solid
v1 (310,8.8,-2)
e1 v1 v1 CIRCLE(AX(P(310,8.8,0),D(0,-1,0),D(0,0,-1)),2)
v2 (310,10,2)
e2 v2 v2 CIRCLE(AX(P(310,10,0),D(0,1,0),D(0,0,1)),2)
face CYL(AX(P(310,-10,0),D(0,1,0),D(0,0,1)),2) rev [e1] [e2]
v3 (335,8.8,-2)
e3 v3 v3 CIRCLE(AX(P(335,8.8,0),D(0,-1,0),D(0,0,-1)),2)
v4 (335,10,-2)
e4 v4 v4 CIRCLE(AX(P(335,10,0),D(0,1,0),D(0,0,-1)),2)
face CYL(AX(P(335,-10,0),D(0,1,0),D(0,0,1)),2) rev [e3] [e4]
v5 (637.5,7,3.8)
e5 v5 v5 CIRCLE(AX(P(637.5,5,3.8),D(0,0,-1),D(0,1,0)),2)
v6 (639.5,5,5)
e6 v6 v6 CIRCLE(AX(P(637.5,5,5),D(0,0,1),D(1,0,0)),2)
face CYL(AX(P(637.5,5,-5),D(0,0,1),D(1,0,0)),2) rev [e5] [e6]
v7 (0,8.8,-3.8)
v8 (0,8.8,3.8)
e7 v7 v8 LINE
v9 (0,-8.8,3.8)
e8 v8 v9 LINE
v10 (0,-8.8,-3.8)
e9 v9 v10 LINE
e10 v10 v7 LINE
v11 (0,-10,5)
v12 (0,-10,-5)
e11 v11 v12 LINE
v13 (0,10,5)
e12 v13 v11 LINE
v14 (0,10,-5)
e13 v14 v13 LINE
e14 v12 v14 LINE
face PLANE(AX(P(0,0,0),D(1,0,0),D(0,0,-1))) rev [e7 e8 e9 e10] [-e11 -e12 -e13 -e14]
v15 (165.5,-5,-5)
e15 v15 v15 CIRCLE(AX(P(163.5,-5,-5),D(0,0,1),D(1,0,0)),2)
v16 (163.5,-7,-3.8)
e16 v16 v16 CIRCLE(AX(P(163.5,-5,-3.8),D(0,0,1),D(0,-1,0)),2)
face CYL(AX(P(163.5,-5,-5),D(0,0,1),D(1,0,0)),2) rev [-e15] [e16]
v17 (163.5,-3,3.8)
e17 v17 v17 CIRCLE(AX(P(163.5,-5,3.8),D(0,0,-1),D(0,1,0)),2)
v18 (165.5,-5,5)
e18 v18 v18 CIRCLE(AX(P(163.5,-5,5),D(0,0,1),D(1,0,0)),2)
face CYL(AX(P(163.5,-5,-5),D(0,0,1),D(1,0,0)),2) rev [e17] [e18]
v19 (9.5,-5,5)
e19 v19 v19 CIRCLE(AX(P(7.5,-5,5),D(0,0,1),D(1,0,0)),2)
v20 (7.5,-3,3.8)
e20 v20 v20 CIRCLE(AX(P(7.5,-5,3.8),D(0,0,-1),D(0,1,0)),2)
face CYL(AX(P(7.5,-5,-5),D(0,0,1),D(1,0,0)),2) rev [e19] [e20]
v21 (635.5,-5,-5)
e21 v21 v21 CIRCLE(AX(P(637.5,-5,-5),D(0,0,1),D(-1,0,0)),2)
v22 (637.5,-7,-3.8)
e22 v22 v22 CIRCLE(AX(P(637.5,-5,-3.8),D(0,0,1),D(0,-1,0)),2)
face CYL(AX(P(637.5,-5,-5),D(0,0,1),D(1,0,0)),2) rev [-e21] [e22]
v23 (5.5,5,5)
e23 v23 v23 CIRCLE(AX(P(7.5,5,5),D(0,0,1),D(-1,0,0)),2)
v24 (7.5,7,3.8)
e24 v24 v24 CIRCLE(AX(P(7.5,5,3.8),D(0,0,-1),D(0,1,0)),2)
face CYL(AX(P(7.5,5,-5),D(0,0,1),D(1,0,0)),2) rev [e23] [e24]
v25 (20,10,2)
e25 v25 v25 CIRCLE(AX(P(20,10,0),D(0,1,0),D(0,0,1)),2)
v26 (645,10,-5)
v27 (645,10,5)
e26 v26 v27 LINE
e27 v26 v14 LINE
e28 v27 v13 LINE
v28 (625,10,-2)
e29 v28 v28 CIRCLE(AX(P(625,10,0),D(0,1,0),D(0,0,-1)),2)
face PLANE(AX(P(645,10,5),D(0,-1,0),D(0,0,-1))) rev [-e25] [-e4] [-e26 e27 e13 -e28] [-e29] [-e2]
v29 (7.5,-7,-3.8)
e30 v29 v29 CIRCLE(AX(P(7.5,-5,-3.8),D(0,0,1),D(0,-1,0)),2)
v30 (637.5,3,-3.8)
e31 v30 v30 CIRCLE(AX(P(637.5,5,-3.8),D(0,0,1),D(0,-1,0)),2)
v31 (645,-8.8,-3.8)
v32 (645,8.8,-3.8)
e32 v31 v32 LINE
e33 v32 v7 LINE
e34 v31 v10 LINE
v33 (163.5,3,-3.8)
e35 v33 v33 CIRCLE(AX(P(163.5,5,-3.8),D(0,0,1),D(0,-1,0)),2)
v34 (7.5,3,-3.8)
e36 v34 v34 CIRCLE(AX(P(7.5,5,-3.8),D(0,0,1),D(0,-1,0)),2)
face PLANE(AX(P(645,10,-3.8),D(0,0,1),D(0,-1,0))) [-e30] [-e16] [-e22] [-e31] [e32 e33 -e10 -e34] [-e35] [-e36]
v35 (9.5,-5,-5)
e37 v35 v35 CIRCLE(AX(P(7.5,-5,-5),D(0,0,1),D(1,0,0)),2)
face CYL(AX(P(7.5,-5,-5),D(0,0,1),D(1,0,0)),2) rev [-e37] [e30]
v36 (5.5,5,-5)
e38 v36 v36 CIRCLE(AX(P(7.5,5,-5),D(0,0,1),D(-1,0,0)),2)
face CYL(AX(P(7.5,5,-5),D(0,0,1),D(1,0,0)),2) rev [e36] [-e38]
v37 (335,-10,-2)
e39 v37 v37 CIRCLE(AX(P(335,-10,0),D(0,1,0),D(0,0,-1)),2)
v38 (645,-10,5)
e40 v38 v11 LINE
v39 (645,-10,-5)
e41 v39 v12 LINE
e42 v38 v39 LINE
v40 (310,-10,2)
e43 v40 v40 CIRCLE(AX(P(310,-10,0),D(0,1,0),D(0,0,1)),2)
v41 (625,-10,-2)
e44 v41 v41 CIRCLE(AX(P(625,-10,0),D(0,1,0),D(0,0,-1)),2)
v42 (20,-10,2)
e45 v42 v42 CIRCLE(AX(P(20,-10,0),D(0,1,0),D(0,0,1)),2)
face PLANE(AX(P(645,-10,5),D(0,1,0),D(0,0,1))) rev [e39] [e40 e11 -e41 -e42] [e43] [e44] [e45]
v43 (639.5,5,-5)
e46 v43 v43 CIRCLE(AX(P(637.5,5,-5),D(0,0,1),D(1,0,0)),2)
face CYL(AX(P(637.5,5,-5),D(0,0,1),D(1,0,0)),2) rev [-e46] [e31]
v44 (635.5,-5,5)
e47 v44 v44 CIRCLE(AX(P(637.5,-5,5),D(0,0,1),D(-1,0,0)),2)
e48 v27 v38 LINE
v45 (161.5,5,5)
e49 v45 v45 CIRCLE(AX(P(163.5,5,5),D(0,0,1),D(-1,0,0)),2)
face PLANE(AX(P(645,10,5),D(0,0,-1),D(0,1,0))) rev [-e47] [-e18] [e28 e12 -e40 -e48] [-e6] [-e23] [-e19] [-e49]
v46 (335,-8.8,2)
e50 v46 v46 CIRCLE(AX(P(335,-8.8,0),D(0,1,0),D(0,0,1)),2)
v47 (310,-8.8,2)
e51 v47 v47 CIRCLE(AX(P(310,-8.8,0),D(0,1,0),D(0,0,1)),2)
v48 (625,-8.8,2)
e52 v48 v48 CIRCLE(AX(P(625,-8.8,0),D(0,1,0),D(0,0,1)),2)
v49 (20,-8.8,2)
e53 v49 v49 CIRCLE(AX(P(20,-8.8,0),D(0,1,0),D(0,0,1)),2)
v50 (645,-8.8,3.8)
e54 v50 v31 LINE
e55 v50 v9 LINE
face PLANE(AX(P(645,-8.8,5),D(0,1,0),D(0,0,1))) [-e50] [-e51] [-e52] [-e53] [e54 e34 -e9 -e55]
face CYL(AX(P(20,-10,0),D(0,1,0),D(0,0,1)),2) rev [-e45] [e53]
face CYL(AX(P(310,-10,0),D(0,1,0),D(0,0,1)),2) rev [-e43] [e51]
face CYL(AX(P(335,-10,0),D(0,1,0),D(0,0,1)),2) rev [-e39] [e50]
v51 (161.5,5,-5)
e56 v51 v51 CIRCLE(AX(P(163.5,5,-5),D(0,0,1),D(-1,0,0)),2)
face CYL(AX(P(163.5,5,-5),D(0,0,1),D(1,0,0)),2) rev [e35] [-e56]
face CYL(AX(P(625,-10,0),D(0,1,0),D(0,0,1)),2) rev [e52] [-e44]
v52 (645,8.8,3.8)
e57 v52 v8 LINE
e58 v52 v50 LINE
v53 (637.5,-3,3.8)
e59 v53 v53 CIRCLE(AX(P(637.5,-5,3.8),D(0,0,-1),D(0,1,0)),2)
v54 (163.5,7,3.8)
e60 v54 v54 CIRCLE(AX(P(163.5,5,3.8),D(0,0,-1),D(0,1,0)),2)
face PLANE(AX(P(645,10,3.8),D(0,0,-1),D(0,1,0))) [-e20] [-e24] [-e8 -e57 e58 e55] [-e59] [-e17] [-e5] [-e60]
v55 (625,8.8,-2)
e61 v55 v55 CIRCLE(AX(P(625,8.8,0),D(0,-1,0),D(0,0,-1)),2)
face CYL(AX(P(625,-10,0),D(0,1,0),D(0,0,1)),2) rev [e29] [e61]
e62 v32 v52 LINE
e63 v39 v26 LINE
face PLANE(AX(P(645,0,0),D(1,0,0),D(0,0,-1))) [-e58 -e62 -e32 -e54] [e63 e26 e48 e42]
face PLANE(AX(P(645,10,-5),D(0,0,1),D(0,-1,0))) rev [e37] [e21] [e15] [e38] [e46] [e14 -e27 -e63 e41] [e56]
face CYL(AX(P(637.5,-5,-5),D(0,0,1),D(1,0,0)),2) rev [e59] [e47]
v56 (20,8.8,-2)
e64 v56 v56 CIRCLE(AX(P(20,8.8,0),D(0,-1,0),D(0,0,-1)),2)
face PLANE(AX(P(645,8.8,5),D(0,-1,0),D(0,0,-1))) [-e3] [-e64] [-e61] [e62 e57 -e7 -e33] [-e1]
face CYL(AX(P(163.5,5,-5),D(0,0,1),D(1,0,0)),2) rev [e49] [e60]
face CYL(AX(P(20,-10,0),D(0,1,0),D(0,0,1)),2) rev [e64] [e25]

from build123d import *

# Parameters (mm, degrees)
SKETCH_1_W          = 10
SKETCH_1_H          = 20
SKETCH_1_W_2        = 7.6
SKETCH_1_H_2        = 17.6
EXTRUDE_1_DEPTH     = 645
SKETCH_2_R          = 2
CUT_EXTRUDE_1_DEPTH = 646.155020131
SKETCH_3_R          = 2
CUT_EXTRUDE_2_DEPTH = 646.329373266


with BuildPart() as part:
    # ｽｹｯﾁ1 → 押し出し-薄板1 (new body)
    with BuildSketch(Plane(origin=(0, 0, 0), x_dir=(0, 0, -1), z_dir=(1, 0, 0))):
        Rectangle(SKETCH_1_W, SKETCH_1_H)
        Rectangle(SKETCH_1_W_2, SKETCH_1_H_2, mode=Mode.SUBTRACT)
    extrude(amount=EXTRUDE_1_DEPTH)

    # ｽｹｯﾁ2 → ｶｯﾄ - 押し出し1 (cut, through all)
    with BuildSketch(Plane.XY.offset(5)):
        with Locations((163.5, -5)):
            Circle(SKETCH_2_R)
        with Locations(Location((163.5, 5, 0), (0, 0, 90))):
            Circle(SKETCH_2_R)
        with Locations((637.5, 5)):
            Circle(SKETCH_2_R)
        with Locations(Location((637.5, -5, 0), (0, 0, 90))):
            Circle(SKETCH_2_R)
        with Locations((7.5, -5)):
            Circle(SKETCH_2_R)
        with Locations(Location((7.5, 5, 0), (0, 0, 90))):
            Circle(SKETCH_2_R)
    extrude(amount=-CUT_EXTRUDE_1_DEPTH, mode=Mode.SUBTRACT)

    # ｽｹｯﾁ3 → ｶｯﾄ - 押し出し2 (cut, through all)
    with BuildSketch(Plane(origin=(0, 10, 0), x_dir=(1, 0, 0), z_dir=(0, 1, 0))):
        with Locations(Location((20, 0, 0), (0, 0, 270))):
            Circle(SKETCH_3_R)
        with Locations(Location((625, 0, 0), (0, 0, 270))):
            Circle(SKETCH_3_R)
        with Locations(Location((310, 0, 0), (0, 0, 270))):
            Circle(SKETCH_3_R)
        with Locations(Location((335, 0, 0), (0, 0, 270))):
            Circle(SKETCH_3_R)
    extrude(amount=-CUT_EXTRUDE_2_DEPTH, mode=Mode.SUBTRACT)


solid = part.part
